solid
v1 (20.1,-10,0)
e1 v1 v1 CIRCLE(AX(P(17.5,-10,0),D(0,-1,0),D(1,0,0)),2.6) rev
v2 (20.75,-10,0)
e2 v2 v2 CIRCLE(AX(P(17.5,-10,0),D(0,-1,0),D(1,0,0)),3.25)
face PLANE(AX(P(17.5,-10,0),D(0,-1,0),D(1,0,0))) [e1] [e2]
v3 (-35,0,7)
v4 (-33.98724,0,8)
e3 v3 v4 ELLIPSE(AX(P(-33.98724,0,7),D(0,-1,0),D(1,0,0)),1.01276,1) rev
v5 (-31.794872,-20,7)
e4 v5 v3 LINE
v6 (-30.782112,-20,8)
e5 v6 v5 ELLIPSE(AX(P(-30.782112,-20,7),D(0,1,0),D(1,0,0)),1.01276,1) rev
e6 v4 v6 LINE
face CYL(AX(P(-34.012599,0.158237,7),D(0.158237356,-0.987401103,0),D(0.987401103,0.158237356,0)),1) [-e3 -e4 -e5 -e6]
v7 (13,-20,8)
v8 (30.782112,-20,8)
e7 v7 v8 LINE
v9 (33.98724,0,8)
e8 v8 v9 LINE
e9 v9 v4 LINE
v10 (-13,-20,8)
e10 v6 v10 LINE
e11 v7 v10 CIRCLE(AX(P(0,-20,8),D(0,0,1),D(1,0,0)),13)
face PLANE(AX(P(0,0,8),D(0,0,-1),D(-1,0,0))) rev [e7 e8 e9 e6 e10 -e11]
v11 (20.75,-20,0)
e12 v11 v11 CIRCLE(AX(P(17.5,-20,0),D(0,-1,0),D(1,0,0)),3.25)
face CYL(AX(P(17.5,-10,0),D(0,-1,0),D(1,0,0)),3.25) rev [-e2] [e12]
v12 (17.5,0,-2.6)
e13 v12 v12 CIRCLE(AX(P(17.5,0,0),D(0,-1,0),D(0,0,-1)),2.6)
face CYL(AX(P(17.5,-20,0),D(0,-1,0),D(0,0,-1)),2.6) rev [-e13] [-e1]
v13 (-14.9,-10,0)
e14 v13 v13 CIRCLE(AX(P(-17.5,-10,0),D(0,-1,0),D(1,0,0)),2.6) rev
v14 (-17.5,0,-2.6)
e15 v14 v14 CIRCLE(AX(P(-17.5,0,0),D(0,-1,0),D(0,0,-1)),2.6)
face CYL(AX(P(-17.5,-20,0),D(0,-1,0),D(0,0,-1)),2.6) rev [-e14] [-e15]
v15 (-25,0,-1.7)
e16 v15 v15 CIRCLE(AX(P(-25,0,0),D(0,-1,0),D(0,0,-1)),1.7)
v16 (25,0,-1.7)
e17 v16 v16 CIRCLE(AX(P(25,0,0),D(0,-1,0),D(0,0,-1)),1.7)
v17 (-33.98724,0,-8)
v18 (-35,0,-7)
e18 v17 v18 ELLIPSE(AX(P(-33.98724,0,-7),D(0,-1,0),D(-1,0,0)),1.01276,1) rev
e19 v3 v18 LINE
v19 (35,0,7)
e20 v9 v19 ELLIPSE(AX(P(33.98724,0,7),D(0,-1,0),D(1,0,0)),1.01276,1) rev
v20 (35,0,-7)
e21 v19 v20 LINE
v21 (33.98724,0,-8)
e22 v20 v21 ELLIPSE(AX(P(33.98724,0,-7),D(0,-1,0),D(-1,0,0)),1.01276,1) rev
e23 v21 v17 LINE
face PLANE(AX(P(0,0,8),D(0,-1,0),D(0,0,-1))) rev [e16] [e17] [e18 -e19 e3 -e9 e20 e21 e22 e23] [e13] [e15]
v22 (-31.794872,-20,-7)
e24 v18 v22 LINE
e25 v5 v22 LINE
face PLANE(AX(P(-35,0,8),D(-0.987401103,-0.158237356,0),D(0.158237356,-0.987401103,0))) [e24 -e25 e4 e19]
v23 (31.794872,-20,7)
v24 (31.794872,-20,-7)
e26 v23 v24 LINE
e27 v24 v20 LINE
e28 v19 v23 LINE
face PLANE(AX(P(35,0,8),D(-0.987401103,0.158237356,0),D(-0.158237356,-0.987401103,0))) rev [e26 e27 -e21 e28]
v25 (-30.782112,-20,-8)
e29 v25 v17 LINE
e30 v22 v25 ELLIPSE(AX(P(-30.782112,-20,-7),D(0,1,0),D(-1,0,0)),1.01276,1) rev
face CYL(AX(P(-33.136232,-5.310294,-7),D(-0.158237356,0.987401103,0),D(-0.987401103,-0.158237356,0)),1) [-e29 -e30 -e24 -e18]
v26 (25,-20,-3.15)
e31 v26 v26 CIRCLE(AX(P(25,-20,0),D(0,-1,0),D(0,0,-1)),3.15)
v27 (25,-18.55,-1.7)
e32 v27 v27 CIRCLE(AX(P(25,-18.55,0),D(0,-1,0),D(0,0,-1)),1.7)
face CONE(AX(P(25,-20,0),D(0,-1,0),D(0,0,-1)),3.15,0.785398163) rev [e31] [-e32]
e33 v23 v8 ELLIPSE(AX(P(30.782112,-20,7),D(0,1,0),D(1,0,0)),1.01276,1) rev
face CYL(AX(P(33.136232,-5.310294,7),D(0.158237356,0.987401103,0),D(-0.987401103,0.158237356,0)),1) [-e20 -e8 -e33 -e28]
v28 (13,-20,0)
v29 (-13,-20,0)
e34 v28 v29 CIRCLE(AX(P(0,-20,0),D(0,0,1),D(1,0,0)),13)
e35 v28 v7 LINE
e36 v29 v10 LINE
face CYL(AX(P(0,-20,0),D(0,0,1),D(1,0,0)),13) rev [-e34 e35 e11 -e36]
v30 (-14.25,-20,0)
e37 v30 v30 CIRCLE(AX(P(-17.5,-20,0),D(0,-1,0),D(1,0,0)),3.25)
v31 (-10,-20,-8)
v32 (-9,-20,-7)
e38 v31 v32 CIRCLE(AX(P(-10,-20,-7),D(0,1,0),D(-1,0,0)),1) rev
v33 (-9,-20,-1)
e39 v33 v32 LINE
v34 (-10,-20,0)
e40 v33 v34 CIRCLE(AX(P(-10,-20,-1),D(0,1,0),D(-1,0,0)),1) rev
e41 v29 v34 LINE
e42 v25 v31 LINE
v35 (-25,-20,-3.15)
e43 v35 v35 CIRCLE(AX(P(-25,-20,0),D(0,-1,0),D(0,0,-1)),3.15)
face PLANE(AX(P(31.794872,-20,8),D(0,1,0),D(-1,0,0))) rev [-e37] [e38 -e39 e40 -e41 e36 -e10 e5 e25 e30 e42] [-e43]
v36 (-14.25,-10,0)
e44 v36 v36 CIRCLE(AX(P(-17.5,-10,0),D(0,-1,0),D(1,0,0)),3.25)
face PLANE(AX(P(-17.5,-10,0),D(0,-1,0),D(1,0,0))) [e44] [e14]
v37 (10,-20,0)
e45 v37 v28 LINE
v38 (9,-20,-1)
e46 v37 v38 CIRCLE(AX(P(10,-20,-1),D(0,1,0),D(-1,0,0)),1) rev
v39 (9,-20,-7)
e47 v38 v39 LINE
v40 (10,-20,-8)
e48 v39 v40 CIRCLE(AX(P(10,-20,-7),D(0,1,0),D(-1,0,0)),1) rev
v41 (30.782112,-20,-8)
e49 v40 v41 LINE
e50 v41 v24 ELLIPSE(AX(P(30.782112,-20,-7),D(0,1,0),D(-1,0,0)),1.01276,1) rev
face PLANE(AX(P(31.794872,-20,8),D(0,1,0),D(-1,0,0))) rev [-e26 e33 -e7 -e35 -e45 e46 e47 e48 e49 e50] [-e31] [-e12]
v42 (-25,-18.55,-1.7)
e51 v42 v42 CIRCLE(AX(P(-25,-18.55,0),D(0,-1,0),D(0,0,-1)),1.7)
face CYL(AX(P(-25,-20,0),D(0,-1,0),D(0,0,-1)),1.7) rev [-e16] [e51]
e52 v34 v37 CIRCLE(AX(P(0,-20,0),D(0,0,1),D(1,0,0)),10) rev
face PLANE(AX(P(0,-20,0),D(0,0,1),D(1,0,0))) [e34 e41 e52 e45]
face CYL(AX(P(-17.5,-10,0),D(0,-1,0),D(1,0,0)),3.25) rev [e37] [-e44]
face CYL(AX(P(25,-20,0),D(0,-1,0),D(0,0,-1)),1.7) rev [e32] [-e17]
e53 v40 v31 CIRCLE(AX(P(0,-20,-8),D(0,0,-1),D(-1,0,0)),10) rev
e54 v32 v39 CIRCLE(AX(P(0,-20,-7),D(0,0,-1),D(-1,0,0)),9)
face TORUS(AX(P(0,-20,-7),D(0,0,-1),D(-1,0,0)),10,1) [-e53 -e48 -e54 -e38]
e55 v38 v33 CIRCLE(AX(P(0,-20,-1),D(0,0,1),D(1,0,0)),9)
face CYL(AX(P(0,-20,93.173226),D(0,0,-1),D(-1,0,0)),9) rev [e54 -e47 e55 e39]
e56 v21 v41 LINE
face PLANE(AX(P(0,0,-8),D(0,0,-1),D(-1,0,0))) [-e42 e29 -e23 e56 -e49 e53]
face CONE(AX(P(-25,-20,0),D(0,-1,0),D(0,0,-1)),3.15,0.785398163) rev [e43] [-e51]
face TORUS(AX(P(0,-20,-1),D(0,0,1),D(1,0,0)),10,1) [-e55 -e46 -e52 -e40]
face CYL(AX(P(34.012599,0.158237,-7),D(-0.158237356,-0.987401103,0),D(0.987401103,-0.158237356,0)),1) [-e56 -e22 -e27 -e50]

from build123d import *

# Parameters (mm, degrees)
DODANIE_WYCI_GNI_CIE1_DEPTH                          = 8
WYTNIJ_WYCI_GNI_CIE1_DEPTH                           = 8
WYTNIJ_WYCI_GNI_CIE2_DEPTH                           = 42.097445176
WYTNIJ_WYCI_GNI_CIE2_DEPTH_BACK                      = 42.097445176
POG_BIENIE_STO_KOWE_POD_M3_WKR_T_DO_CZ_C_D           = 3.4
POG_BIENIE_STO_KOWE_POD_M3_WKR_T_DO_CZ_C_CSINK_D     = 6.3
POG_BIENIE_STO_KOWE_POD_M3_WKR_T_DO_CZ_C_CSINK_ANGLE = 90
OTWORY_USTALAJ_CE_5_0MM1_D                           = 5.2
SZKIC8_R                                             = 3.25
WYTNIJ_WYCI_GNI_CIE3_DEPTH                           = 10
ZAOKR_GLENIE1_R                                      = 1


with BuildPart() as part:
    # Szkic1 → Dodanie-wyciągnięcie1 (new, symmetric)
    with BuildSketch(Plane.XY):
        Polygon((0, 0), (35, 0), (31.794871795, -20), (0, -20), align=None)
    dodanie_wyci_gni_cie1 = extrude(amount=DODANIE_WYCI_GNI_CIE1_DEPTH, both=True)

    # Lustro1: Dodanie-wyciągnięcie1 across plane
    add(dodanie_wyci_gni_cie1.mirror(Plane(origin=(0, -20, 8), x_dir=(0, 0, 1), z_dir=(1, 0, 0))))

    # Szkic2 → Wytnij-wyciągnięcie1 (cut)
    with BuildSketch(Plane.XY.offset(8)):
        with BuildLine():
            Line((-13, -20), (13, -20))
            ThreePointArc((13, -20), (0, -7), (-13, -20))
        make_face()
    extrude(amount=-WYTNIJ_WYCI_GNI_CIE1_DEPTH, mode=Mode.SUBTRACT)

    # Szkic3 → Wytnij-wyciągnięcie2 (cut, two sides: drawn at the far end of the back side and taken through both)
    with BuildSketch(Plane.XY.offset(-WYTNIJ_WYCI_GNI_CIE2_DEPTH_BACK)):
        with BuildLine():
            ThreePointArc((9, -20), (0, -11), (-9, -20))
            Line((-9, -20), (9, -20))
        make_face()
    extrude(amount=WYTNIJ_WYCI_GNI_CIE2_DEPTH + WYTNIJ_WYCI_GNI_CIE2_DEPTH_BACK, mode=Mode.SUBTRACT)

    # Pogłębienie stożkowe pod M3 wkręt do części metalowych z łbem soczewkowym1 (through all)
    with Locations(Plane(origin=(0, -20, 0), x_dir=(-1, 0, 0), z_dir=(0, -1, 0))):
        with Locations((-25, 0), (25, 0)):
            CounterSinkHole(POG_BIENIE_STO_KOWE_POD_M3_WKR_T_DO_CZ_C_D / 2, POG_BIENIE_STO_KOWE_POD_M3_WKR_T_DO_CZ_C_CSINK_D / 2, counter_sink_angle=POG_BIENIE_STO_KOWE_POD_M3_WKR_T_DO_CZ_C_CSINK_ANGLE)

    # Otwory ustalające Ø5.0mm1 (through all)
    with Locations(Plane(origin=(0, -20, 0), x_dir=(-1, 0, 0), z_dir=(0, -1, 0))):
        with Locations((-17.5, 0), (17.5, 0)):
            Hole(OTWORY_USTALAJ_CE_5_0MM1_D / 2)

    # Szkic8 → Wytnij-wyciągnięcie3 (cut)
    with BuildSketch(Plane(origin=(0, -20, 0), x_dir=(-1, 0, 0), z_dir=(0, -1, 0))):
        with Locations(Location((17.5, 0, 0), (0, 0, 180))):
            Circle(SZKIC8_R)
        with Locations(Location((-17.5, 0, 0), (0, 0, 180))):
            Circle(SZKIC8_R)
    extrude(amount=-WYTNIJ_WYCI_GNI_CIE3_DEPTH, mode=Mode.SUBTRACT)

    # Zaokrąglenie1
    zaokr_glenie1_edges = [part.edges().sort_by_distance(p)[0] for p in [
        (33.397435897, -10, 8),
        (-33.397435897, -10, 8),
        (-33.397435897, -10, -8),
        (0, -11, 0),
        (0, -11, -8),
        (33.397435897, -10, -8),
    ]]
    fillet(zaokr_glenie1_edges, radius=ZAOKR_GLENIE1_R)


solid = part.part
